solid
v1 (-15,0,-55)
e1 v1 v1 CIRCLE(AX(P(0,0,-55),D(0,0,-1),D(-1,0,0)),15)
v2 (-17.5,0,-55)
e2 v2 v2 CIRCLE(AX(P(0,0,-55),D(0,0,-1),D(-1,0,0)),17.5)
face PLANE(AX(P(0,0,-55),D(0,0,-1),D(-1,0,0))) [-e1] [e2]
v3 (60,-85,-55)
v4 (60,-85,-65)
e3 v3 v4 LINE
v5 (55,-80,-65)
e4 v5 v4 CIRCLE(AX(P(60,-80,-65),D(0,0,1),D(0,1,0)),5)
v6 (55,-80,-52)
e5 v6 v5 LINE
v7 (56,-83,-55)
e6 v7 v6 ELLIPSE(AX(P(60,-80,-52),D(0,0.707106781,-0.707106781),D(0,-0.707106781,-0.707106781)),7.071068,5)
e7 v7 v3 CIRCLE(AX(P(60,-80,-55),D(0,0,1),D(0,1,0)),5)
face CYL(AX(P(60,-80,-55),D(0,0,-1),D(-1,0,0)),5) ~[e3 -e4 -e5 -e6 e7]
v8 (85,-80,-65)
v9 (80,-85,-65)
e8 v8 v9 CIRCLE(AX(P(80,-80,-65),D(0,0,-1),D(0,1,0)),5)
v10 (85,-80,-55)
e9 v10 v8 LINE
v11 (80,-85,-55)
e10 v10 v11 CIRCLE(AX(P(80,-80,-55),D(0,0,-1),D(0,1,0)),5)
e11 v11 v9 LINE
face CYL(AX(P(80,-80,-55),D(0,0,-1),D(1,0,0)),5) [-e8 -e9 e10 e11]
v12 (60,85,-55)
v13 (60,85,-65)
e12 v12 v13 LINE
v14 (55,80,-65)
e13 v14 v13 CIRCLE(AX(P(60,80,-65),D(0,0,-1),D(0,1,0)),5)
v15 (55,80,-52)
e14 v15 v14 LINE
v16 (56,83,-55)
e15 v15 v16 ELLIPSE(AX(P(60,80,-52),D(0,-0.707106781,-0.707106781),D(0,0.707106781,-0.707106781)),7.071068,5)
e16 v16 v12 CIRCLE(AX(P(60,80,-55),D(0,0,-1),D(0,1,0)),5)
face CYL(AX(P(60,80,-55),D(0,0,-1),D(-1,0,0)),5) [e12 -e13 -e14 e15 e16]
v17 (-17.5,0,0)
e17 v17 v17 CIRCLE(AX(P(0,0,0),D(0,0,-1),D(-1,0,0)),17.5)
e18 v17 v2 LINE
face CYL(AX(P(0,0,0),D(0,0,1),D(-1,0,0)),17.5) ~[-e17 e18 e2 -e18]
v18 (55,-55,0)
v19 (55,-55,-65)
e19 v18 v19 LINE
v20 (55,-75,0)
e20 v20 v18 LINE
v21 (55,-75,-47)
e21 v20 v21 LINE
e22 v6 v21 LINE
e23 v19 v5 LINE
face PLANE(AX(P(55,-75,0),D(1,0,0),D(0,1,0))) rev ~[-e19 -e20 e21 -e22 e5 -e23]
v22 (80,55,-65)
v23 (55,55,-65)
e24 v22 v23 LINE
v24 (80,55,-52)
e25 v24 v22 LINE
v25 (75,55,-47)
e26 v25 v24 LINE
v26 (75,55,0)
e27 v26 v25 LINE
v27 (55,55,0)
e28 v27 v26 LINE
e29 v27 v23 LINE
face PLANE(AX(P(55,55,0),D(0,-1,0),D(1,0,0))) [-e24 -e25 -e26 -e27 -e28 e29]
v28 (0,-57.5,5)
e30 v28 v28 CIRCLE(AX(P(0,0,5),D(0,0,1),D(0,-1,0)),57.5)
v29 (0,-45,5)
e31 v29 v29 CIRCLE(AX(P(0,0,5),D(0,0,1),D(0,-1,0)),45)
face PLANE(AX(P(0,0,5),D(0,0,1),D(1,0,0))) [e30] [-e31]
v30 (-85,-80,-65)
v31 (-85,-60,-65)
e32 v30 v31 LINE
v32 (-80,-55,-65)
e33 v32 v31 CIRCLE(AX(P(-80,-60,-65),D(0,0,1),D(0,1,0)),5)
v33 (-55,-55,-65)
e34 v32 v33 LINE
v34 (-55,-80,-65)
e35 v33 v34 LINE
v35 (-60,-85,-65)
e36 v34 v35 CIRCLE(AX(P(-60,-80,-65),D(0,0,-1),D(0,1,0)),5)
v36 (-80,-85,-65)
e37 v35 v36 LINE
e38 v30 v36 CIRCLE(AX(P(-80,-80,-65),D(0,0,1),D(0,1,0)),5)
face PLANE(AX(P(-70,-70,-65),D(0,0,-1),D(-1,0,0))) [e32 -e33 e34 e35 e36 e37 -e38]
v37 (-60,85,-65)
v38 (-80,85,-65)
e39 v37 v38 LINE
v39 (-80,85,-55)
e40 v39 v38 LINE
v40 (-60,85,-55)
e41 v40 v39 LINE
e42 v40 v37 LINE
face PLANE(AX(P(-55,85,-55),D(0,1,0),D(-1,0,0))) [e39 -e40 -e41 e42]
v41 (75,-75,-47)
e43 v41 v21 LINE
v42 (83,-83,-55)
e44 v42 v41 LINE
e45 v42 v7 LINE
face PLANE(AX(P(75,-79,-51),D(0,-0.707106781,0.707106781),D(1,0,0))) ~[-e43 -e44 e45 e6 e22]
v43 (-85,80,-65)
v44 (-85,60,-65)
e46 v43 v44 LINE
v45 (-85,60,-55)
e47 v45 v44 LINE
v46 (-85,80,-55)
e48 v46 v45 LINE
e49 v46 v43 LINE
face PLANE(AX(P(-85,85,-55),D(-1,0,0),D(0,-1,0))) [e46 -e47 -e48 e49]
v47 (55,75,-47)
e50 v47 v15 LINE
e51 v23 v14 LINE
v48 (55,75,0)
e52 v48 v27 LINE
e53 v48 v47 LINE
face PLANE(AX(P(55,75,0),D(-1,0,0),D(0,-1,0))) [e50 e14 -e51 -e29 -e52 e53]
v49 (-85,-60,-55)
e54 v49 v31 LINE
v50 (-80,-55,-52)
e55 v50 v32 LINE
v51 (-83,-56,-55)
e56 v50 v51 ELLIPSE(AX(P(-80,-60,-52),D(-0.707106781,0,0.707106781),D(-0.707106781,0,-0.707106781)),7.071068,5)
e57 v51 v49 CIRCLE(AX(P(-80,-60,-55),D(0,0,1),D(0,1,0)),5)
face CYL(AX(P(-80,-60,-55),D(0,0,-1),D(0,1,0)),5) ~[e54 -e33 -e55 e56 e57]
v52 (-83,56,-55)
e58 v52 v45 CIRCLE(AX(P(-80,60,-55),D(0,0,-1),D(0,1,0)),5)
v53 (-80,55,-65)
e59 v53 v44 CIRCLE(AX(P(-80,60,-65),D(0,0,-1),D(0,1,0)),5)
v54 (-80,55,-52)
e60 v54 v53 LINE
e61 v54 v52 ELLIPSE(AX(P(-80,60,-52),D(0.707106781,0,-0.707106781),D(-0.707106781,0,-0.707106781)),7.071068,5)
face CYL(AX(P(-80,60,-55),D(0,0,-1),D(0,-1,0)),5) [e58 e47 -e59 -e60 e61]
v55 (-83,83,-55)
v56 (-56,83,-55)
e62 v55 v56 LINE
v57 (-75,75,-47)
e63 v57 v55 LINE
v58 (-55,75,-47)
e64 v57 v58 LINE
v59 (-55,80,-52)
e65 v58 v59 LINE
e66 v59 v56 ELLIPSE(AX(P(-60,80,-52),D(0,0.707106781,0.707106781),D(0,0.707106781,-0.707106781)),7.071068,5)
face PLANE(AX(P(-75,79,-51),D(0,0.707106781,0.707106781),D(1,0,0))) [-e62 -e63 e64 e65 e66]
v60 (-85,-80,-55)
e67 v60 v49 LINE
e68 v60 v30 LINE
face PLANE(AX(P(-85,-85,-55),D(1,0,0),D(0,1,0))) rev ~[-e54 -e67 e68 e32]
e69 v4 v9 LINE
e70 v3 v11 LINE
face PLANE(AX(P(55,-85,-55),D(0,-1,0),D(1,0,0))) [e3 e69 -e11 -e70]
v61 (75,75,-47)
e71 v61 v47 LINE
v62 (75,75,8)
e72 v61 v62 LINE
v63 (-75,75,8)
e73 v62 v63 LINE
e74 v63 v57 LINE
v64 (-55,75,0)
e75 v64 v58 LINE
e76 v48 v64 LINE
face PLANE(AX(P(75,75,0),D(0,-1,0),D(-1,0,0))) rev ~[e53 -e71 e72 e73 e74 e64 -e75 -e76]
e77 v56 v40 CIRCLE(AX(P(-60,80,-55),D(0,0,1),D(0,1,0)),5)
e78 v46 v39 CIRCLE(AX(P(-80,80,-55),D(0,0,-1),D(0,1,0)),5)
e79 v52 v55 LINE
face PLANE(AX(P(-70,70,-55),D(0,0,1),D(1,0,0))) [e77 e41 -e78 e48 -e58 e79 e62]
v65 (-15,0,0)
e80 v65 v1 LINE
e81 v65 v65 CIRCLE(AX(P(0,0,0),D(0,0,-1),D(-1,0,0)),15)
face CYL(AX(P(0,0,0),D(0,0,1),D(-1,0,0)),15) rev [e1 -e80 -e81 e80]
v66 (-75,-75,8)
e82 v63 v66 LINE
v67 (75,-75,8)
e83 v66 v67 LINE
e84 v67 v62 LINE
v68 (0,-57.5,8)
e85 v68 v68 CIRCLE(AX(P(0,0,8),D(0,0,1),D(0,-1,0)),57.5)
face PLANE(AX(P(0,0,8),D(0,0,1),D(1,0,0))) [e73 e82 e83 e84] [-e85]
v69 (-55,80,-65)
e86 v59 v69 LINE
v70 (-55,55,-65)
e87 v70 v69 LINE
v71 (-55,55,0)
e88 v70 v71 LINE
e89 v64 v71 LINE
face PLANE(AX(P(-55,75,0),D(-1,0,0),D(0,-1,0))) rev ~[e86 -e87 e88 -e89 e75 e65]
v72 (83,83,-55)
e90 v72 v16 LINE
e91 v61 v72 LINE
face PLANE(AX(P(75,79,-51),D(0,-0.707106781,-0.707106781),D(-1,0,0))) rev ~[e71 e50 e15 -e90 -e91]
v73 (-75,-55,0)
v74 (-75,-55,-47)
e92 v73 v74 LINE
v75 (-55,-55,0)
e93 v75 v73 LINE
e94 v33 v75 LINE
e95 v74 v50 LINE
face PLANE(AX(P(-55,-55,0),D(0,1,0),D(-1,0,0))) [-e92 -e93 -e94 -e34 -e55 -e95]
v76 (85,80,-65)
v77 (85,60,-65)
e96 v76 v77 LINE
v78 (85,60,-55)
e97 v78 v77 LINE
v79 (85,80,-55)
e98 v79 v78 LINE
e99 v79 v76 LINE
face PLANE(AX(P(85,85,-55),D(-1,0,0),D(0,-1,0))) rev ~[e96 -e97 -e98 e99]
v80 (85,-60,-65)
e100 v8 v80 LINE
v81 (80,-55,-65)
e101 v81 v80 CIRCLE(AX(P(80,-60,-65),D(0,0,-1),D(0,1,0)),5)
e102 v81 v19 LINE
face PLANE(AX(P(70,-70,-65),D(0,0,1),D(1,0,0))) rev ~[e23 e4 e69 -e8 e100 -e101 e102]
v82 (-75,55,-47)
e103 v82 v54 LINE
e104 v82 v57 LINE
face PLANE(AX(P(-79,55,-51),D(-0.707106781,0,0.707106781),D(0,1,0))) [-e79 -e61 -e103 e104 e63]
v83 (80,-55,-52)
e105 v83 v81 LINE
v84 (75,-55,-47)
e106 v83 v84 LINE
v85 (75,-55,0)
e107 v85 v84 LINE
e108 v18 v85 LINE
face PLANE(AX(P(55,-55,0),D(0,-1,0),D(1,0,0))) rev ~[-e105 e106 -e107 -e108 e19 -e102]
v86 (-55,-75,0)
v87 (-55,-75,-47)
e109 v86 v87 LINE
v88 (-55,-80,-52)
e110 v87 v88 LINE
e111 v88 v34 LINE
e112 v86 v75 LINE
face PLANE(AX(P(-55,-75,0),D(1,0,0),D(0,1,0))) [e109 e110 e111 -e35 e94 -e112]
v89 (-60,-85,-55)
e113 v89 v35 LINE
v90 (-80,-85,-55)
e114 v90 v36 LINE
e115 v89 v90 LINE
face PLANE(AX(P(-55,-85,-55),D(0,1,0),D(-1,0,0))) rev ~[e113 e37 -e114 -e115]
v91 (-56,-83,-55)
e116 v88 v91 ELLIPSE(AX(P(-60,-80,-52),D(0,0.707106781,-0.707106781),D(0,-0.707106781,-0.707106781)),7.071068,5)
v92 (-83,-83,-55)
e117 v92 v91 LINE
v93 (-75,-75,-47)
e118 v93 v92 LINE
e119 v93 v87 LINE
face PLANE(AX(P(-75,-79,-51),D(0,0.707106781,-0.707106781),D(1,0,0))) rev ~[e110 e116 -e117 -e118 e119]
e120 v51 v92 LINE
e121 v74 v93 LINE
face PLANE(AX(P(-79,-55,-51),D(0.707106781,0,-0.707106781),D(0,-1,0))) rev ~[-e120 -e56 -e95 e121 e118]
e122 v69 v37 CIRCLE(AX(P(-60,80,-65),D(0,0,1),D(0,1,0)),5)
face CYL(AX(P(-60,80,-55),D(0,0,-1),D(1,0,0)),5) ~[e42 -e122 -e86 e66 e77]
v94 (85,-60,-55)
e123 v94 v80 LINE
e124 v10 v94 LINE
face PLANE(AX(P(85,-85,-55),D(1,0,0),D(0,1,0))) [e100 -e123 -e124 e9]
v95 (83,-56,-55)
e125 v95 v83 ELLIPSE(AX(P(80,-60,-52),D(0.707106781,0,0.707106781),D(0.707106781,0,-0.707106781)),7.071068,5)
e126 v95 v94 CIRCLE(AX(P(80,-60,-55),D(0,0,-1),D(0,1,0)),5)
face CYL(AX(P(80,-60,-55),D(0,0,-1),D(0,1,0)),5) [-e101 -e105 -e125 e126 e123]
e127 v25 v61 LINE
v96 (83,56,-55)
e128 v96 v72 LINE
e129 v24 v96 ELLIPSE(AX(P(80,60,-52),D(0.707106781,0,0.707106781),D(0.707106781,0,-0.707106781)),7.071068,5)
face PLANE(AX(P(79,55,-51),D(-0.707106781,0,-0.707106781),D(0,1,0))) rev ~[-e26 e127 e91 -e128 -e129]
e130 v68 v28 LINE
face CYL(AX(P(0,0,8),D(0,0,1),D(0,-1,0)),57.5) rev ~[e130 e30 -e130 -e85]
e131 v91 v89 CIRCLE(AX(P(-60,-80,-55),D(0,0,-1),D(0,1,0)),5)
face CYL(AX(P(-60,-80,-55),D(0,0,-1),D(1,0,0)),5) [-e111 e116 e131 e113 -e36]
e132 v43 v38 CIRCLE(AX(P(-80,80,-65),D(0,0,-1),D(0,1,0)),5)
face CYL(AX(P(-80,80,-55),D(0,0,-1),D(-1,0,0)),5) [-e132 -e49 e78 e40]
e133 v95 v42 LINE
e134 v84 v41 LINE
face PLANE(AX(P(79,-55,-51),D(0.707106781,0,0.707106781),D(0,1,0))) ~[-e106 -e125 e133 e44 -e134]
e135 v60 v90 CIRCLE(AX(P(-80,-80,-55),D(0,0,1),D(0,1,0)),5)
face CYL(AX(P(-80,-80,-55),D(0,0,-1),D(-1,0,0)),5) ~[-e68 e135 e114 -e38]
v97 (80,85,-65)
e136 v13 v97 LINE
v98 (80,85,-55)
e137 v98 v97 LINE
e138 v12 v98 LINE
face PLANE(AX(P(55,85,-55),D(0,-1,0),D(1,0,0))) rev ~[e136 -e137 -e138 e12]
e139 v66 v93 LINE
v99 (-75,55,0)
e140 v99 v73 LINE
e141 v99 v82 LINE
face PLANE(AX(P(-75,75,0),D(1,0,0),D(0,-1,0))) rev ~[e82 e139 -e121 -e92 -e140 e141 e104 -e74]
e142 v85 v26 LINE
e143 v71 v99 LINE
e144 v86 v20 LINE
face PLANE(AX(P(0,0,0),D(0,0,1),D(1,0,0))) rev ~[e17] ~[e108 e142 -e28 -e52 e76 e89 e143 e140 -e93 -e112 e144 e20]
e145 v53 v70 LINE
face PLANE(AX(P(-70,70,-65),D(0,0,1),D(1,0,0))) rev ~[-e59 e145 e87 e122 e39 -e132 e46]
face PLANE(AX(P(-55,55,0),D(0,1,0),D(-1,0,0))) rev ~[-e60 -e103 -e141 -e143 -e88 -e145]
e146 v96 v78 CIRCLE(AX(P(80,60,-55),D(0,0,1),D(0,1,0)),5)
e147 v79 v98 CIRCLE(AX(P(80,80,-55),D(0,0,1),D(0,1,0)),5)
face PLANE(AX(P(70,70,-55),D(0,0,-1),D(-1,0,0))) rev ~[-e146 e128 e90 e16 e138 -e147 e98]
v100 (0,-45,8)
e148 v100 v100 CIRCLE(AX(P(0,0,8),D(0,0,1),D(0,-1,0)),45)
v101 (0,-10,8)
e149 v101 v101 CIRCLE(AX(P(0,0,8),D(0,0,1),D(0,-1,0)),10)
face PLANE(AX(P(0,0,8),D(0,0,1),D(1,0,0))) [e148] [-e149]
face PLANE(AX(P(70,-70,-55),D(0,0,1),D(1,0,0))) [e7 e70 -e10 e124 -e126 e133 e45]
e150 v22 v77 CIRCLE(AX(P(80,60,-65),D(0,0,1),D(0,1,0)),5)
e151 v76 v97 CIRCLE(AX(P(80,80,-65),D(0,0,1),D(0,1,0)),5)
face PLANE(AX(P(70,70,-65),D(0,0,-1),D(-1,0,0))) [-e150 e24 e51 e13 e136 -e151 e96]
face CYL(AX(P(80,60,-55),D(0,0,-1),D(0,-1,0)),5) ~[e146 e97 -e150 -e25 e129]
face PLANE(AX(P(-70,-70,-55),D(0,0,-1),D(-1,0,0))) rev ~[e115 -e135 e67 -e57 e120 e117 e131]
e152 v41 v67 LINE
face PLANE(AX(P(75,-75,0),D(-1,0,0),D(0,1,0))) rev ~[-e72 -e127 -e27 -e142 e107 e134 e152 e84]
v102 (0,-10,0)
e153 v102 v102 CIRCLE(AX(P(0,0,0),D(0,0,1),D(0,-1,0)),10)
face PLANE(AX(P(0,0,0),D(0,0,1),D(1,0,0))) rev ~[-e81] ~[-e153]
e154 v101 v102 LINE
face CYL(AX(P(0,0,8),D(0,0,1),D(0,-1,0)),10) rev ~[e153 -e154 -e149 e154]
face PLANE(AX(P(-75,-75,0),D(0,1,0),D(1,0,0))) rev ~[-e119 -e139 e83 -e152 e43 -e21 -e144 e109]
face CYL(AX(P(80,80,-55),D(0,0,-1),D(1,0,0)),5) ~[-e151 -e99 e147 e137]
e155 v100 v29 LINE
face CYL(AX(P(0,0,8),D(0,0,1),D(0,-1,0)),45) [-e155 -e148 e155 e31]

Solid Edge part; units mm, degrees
sketch "Sketch1" plane through (0, 0, 0) normal (0, 0, 1) x (1, 0, 0)
  line L0 (-75, -75) -> (75, -75)
  line L1 (75, -75) -> (75, 75)
  line L2 (75, 75) -> (-75, 75)
  line L3 (-75, 75) -> (-75, -75)
  dimension "D1" = 150
extrude "Ajout_matière_1" add sketch "Sketch1" along normal blind 8
sketch "Sketch2" plane through (0, 0, 0) normal (0, 0, -1) x (-1, 0, 0)
  line L0 (-75, 75) -> (-55, 75)
  line L1 (-55, 75) -> (-55, 55)
  line L2 (-55, 55) -> (-75, 55)
  line L3 (-75, 55) -> (-75, 75)
  line L4 (75, 75) -> (55, 75)
  line L5 (55, 75) -> (55, 55)
  line L6 (55, 55) -> (75, 55)
  line L7 (75, 55) -> (75, 75)
  line L8 (75, -75) -> (55, -75)
  line L9 (55, -75) -> (55, -55)
  line L10 (55, -55) -> (75, -55)
  line L11 (75, -55) -> (75, -75)
  line L12 (-75, -75) -> (-55, -75)
  line L13 (-55, -75) -> (-55, -55)
  line L14 (-55, -55) -> (-75, -55)
  line L15 (-75, -55) -> (-75, -75)
  dimension "D1" = 20
extrude "Ajout_matière_2" add sketch "Sketch2" along normal blind 55
sketch "Sketch3" plane through (65, 65, -55) normal (0, 0, -1) x (0, 1, 0)
  line L0 (-10, -10) -> (20, -10)
  line L1 (20, -10) -> (20, 20)
  line L2 (20, 20) -> (-10, 20)
  line L3 (-10, 20) -> (-10, -10)
  line L4 (-10, -120) -> (20, -120)
  line L5 (20, -120) -> (20, -150)
  line L6 (20, -150) -> (-10, -150)
  line L7 (-10, -150) -> (-10, -120)
  line L8 (-120, -120) -> (-150, -120)
  line L9 (-150, -120) -> (-150, -150)
  line L10 (-150, -150) -> (-120, -150)
  line L11 (-120, -150) -> (-120, -120)
  line L12 (-120, -10) -> (-150, -10)
  line L13 (-150, -10) -> (-150, 20)
  line L14 (-150, 20) -> (-120, 20)
  line L15 (-120, 20) -> (-120, -10)
  dimension "D1" = 30
extrude "Ajout_matière_3" add sketch "Sketch3" along normal blind 10
fillet "Congé_1" radius 5 12 edges at (85, -85, -60) (85, -55, -60) (55, -85, -60) (-85, -85, -60) (-55, -85, -60) (-85, -55, -60) (-85, 55, -60) (-85, 85, -60) (-55, 85, -60) (55, 85, -60) (85, 85, -60) (85, 55, -60)
sketch "Sketch4" plane through (0, 0, 8) normal (0, 0, 1) x (0, -1, 0)
  circle A0 centre (0, 0) radius 57.5
  circle A1 centre (0, 0) radius 45
  dimension "D1" = 115
  dimension "D2" = 90
extrude "Enlèvement_matière_1" cut sketch "Sketch4" against normal blind 3
sketch "Sketch5" plane through (0, 0, 8) normal (0, 0, 1) x (0, -1, 0)
  circle A0 centre (0, 0) radius 10
  dimension "D1" = 20
extrude "Enlèvement_matière_2" cut sketch "Sketch5" against normal blind 92.4618
chamfer "Chanfrein_1" distance 8 angle 45 8 edges at (65, 75, -55) (75, 65, -55) (-65, 75, -55) (-75, 65, -55) (-75, -65, -55) (-65, -75, -55) (65, -75, -55) (75, -65, -55)
sketch "Sketch6" plane through (0, 0, 0) normal (0, 0, -1) x (-1, 0, 0)
  circle A0 centre (0, 0) radius 17.5
  circle A1 centre (0, 0) radius 15
  dimension "D1" = 30
  dimension "D2" = 35
extrude "Ajout_matière_4" add sketch "Sketch6" along normal blind 55
properties material "Acier S235"
